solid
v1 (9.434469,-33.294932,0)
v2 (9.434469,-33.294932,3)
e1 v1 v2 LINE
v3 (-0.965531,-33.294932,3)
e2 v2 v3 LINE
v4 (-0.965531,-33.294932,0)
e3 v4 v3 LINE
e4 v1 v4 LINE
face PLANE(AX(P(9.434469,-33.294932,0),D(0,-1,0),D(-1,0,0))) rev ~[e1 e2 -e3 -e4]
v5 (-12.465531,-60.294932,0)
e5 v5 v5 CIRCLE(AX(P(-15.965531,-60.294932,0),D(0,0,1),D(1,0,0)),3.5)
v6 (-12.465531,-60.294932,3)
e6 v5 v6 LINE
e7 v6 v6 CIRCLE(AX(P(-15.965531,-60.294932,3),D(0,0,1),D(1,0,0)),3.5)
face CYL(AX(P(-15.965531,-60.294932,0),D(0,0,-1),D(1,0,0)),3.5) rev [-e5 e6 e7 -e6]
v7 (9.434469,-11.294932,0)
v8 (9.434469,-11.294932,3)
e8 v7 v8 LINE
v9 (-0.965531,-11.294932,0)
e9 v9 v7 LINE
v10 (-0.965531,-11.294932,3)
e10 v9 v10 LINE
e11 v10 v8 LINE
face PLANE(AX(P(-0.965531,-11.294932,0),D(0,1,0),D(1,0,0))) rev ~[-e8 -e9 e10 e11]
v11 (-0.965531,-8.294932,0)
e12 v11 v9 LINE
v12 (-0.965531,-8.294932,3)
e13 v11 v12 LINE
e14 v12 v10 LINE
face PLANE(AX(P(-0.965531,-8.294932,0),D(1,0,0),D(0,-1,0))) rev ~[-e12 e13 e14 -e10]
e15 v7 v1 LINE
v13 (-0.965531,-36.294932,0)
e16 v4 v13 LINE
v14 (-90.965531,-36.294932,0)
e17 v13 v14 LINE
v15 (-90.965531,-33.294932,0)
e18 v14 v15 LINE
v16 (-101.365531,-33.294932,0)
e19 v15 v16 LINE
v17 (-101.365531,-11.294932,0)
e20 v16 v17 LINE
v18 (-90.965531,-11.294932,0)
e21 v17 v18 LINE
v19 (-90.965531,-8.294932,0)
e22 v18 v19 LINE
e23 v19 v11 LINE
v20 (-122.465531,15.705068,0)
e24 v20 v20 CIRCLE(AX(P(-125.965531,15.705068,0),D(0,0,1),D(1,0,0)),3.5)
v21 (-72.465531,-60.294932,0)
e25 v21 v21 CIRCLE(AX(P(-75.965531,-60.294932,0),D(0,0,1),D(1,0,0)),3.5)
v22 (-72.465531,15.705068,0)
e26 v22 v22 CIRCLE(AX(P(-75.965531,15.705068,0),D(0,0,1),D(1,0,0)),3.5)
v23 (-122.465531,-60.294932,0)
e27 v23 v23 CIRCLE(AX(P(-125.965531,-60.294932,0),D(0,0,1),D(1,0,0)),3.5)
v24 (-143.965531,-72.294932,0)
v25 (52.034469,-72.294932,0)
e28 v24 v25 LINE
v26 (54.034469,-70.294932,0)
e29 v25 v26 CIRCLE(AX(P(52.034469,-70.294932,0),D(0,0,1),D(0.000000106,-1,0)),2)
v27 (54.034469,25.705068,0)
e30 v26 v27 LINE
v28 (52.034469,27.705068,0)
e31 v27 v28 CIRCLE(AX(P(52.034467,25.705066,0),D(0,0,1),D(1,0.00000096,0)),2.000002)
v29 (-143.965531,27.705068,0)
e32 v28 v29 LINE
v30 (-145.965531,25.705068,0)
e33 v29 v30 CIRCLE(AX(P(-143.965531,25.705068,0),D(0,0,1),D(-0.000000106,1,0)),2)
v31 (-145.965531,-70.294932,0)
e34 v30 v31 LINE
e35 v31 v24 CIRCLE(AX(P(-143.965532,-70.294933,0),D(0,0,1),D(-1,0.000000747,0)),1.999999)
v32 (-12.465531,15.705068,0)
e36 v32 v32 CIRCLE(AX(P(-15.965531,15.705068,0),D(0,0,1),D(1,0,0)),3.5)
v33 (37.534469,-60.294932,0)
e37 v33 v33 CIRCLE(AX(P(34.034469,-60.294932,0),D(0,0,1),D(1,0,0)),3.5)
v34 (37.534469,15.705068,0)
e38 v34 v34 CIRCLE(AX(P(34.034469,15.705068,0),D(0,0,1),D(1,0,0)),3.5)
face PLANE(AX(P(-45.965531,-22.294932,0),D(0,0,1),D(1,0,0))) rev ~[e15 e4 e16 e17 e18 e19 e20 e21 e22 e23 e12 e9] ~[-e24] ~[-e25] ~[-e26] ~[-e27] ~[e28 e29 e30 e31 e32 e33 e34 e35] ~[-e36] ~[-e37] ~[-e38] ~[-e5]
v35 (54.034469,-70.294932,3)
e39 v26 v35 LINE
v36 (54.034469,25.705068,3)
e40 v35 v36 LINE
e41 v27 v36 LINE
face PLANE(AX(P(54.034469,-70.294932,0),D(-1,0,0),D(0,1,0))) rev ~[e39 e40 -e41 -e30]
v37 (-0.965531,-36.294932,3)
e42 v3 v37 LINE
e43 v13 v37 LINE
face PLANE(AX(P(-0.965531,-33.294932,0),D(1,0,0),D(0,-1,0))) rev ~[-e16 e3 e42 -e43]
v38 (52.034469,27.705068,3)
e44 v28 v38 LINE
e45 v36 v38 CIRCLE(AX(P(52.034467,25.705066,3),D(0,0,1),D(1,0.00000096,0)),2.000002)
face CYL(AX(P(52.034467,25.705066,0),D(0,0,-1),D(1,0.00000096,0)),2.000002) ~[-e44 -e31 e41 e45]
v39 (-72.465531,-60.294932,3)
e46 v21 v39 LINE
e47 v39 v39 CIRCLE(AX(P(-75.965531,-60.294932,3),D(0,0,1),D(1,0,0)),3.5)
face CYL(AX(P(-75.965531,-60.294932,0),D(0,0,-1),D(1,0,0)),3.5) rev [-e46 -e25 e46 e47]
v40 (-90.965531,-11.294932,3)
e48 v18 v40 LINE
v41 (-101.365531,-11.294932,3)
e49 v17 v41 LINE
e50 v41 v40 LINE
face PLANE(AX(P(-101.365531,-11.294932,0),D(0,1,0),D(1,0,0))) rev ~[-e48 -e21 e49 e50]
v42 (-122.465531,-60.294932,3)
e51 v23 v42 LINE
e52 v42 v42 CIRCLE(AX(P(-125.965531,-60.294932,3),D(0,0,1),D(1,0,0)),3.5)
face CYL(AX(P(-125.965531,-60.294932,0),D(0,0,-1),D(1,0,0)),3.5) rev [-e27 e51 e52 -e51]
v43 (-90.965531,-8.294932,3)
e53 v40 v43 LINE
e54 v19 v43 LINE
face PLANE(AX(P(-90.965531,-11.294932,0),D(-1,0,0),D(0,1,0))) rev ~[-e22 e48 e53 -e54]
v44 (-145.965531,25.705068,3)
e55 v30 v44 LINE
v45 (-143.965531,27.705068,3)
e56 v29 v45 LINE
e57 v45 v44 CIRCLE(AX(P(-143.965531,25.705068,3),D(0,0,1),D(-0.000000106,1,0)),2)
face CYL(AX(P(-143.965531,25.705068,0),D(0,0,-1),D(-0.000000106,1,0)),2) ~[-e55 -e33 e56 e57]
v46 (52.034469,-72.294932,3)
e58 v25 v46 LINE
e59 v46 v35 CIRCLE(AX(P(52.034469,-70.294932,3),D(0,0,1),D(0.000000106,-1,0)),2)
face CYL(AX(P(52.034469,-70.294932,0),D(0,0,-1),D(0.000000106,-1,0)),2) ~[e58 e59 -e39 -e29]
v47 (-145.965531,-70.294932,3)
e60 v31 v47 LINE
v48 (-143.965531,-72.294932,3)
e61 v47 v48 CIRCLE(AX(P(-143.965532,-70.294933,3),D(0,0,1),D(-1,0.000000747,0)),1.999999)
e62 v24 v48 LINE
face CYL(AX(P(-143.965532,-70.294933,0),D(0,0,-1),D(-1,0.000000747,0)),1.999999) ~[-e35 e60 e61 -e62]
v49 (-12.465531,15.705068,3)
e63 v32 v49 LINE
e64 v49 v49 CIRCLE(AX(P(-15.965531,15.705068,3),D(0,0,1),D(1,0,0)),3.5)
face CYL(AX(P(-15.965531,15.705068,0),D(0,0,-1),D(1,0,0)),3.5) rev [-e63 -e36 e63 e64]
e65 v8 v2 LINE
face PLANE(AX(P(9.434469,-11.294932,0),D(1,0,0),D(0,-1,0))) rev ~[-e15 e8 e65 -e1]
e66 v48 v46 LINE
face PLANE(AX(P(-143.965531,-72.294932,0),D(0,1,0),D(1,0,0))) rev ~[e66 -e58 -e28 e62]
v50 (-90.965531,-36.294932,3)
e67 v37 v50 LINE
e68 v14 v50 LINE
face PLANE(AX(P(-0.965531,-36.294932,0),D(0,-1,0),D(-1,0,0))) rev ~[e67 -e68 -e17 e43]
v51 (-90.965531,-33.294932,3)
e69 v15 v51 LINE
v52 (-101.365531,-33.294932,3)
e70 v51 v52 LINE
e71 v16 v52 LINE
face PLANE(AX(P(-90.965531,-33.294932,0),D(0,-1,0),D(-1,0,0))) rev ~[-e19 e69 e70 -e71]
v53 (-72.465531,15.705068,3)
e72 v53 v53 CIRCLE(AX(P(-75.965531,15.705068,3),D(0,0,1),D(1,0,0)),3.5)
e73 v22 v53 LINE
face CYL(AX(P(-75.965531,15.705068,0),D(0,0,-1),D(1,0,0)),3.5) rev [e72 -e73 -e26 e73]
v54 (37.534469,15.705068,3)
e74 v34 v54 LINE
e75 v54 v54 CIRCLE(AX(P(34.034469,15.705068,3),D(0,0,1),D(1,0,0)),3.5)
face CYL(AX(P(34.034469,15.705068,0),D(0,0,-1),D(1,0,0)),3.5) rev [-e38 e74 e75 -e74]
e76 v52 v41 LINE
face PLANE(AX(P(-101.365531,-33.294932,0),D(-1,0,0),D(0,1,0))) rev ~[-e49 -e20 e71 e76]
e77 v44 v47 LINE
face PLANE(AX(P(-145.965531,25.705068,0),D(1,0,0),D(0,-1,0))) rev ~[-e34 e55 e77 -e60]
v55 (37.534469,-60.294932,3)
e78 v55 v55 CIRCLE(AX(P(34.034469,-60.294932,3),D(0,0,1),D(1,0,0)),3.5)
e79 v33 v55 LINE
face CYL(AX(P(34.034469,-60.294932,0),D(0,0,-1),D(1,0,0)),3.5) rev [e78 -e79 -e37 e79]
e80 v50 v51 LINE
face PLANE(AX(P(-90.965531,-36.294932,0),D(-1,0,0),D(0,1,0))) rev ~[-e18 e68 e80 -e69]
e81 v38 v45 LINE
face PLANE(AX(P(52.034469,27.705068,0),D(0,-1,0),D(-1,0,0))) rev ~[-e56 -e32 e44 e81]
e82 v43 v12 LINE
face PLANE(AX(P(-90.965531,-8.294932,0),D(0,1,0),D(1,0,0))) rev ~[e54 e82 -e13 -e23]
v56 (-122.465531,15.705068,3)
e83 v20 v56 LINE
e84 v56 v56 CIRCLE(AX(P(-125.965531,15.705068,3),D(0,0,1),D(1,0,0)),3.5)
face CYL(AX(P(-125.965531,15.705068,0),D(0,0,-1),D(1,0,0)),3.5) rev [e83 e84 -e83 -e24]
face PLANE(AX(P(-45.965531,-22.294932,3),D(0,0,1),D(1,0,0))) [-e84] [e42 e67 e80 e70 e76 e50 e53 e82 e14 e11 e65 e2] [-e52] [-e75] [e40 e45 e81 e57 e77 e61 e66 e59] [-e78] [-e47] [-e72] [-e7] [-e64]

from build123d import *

# Parameters (mm, degrees)
F0_R     = 3.5
F1_DEPTH = 3


with BuildPart() as f1:
    # F0 (on Top) → F1 (new body)
    with BuildSketch(Plane.XY):
        with BuildLine():
            Line((-125.965531, 27.705068), (-143.965531, 27.705068))
            ThreePointArc((-143.965531, 27.705068), (-145.379745, 27.119281), (-145.965531, 25.705068))
            Line((-145.965531, 25.705068), (-145.965531, -70.294932))
            ThreePointArc((-145.965531, -70.294932), (-145.379745, -71.709146), (-143.965531, -72.294932))
            Line((-143.965531, -72.294932), (52.034469, -72.294932))
            ThreePointArc((52.034469, -72.294932), (53.448682, -71.709146), (54.034469, -70.294932))
            Line((54.034469, -70.294932), (54.034469, 25.705068))
            ThreePointArc((54.034469, 25.705068), (53.448682, 27.119281), (52.034469, 27.705068))
            Line((52.034469, 27.705068), (34.034469, 27.705068))
            Line((34.034469, 27.705068), (-15.965531, 27.705068))
            Line((-15.965531, 27.705068), (-75.965531, 27.705068))
            Line((-75.965531, 27.705068), (-125.965531, 27.705068))
        make_face()
        with Locations((-125.965531, -60.294932)):
            Circle(F0_R, mode=Mode.SUBTRACT)
        with Locations((-75.965531, -60.294932)):
            Circle(F0_R, mode=Mode.SUBTRACT)
        with Locations((-15.965531, -60.294932)):
            Circle(F0_R, mode=Mode.SUBTRACT)
        with Locations((34.034469, -60.294932)):
            Circle(F0_R, mode=Mode.SUBTRACT)
        Polygon((-90.965531, -11.294932), (-90.965531, -8.294932), (-0.965531, -8.294932), (-0.965531, -11.294932), (9.434469, -11.294932), (9.434469, -33.294932), (-0.965531, -33.294932), (-0.965531, -36.294932), (-90.965531, -36.294932), (-90.965531, -33.294932), (-101.365531, -33.294932), (-101.365531, -11.294932), align=None, mode=Mode.SUBTRACT)
        with Locations((-125.965531, 15.705068)):
            Circle(F0_R, mode=Mode.SUBTRACT)
        with Locations((-75.965531, 15.705068)):
            Circle(F0_R, mode=Mode.SUBTRACT)
        with Locations((-15.965531, 15.705068)):
            Circle(F0_R, mode=Mode.SUBTRACT)
        with Locations((34.034469, 15.705068)):
            Circle(F0_R, mode=Mode.SUBTRACT)
    extrude(amount=F1_DEPTH)


solid = f1.part
